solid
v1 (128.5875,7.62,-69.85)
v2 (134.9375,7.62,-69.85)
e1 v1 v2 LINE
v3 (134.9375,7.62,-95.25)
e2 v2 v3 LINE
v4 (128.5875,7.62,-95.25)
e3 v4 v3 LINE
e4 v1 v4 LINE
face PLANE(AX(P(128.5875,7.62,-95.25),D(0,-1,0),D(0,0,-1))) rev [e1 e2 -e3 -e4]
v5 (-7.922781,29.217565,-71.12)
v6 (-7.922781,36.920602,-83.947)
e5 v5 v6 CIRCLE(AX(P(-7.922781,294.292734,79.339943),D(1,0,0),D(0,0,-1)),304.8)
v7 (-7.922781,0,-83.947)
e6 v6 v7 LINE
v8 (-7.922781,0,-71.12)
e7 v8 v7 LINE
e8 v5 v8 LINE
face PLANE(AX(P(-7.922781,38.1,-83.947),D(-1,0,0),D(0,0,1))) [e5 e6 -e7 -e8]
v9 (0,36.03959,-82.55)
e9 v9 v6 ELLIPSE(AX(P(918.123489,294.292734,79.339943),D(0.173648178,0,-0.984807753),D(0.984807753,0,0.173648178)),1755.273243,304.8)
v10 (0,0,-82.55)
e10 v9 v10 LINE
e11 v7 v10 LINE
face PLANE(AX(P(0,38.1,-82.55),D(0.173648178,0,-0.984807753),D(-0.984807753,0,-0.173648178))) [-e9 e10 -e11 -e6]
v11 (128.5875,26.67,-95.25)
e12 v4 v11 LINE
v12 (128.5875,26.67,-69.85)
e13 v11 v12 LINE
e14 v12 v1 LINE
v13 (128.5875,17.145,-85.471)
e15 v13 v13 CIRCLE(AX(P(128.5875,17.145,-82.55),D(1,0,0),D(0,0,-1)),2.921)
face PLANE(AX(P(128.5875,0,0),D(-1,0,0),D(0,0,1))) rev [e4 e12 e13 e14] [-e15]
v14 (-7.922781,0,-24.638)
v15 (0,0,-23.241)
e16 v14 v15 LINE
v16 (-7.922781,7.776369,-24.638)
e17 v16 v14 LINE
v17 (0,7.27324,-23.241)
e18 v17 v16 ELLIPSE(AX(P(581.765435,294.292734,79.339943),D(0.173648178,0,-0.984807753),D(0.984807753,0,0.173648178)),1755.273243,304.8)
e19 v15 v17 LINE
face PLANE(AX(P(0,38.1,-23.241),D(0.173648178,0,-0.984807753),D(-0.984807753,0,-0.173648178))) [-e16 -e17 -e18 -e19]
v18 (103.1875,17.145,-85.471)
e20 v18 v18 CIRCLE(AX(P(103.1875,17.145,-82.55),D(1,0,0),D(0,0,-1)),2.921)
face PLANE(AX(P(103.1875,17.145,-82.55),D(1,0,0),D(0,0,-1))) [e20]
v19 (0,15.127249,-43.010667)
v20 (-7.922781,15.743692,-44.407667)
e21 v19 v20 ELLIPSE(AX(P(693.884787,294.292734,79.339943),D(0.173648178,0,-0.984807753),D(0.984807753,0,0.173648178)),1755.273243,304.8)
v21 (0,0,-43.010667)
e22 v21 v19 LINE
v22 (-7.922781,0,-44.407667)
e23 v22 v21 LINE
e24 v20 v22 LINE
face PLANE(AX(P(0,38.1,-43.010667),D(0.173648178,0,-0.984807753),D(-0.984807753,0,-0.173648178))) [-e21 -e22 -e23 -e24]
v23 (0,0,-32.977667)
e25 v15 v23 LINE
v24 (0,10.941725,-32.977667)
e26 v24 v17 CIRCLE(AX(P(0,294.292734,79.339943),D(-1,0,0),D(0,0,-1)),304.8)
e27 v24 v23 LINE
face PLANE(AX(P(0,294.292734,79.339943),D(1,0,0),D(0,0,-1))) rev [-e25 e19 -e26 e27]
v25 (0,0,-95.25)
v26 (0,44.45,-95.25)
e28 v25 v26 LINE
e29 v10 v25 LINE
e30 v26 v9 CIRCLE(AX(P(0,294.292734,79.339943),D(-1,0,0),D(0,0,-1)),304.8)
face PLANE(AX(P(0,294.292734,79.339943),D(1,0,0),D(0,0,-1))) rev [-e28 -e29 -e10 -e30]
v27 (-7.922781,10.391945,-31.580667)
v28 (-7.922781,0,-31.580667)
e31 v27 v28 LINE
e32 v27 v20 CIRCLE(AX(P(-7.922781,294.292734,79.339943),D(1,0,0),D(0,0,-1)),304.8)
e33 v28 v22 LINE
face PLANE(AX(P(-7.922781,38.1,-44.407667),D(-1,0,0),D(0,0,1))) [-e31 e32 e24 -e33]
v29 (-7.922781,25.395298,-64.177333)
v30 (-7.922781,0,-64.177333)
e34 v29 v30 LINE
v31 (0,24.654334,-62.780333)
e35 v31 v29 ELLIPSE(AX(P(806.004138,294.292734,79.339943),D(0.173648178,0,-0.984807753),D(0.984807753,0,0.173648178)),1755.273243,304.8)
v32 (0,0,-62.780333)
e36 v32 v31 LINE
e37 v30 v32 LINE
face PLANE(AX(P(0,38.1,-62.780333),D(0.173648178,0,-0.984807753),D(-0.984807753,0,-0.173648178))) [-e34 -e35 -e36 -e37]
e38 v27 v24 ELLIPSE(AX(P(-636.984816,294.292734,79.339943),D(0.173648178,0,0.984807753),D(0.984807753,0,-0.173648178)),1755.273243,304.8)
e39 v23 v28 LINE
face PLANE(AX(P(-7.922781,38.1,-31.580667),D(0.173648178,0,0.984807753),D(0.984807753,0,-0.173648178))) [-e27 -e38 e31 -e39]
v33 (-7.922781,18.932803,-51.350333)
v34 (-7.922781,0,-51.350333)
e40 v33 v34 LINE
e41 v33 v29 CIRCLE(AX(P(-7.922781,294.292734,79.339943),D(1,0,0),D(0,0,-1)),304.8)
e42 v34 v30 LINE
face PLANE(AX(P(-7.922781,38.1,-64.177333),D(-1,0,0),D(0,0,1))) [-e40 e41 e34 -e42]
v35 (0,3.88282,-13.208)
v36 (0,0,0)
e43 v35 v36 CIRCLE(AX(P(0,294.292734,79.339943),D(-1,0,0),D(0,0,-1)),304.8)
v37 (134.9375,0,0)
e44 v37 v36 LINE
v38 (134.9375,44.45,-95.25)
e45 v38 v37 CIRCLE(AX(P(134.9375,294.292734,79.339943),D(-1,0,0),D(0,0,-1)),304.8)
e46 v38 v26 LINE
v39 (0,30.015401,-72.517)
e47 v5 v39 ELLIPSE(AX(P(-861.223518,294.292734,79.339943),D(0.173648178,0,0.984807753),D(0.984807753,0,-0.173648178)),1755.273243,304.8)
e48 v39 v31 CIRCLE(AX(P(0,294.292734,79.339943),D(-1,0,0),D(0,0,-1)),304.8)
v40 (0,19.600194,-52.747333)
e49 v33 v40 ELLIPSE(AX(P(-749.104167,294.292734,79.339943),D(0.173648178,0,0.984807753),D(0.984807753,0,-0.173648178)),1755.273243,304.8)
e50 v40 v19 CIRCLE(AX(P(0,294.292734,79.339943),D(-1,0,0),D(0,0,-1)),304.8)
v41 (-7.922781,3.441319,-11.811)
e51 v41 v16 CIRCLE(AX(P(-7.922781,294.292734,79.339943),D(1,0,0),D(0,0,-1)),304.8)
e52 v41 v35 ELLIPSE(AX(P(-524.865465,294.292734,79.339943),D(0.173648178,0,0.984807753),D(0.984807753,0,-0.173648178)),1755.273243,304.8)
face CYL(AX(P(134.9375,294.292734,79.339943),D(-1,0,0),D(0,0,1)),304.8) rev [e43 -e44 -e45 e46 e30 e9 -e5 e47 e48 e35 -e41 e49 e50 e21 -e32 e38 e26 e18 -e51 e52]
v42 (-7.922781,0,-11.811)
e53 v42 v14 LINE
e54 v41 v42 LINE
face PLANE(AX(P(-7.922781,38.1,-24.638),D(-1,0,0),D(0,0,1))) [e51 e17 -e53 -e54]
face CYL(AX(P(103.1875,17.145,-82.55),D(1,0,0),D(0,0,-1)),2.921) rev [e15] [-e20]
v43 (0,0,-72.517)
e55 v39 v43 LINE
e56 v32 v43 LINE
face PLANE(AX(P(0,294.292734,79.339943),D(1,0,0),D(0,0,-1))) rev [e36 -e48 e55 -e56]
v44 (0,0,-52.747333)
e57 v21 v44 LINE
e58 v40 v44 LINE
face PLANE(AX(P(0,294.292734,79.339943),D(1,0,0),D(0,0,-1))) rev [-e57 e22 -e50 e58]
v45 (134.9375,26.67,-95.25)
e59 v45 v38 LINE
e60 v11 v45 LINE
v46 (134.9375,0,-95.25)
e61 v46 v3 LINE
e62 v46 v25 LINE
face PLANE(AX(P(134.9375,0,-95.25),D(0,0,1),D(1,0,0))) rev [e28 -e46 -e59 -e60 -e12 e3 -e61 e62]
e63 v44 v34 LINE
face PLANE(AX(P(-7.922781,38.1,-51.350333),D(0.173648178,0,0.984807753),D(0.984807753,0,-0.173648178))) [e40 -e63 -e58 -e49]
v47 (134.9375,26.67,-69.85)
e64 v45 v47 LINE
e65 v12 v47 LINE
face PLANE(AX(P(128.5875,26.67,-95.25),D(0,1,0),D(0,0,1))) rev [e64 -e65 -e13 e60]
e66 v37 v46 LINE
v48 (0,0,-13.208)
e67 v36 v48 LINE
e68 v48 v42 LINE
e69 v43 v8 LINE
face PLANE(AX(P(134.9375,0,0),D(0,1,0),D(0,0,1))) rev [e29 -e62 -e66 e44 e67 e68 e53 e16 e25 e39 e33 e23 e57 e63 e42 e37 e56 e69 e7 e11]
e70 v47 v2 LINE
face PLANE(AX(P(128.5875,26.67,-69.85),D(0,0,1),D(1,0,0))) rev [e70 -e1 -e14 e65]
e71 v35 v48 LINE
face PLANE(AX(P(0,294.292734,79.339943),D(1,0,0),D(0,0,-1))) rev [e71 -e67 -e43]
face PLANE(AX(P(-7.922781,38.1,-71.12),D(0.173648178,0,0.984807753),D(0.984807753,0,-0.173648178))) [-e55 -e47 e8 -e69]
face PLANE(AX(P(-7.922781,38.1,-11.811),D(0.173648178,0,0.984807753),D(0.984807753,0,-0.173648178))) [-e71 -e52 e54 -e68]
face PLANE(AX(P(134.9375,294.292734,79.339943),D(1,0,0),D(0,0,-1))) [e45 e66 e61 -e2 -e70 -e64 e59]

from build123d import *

# Parameters (mm, degrees)
BOSS_EXTRUDE1_DEPTH = 134.9375
SKETCH4_W           = 25.4
SKETCH4_H           = 19.05
CUT_EXTRUDE1_DEPTH  = 6.35
SKETCH6_R           = 2.921
CUT_EXTRUDE3_DEPTH  = 25.4
BOSS_EXTRUDE2_DEPTH = 38.1
CUT_EXTRUDE4_DEPTH  = 143.860280702


with BuildPart() as part:
    # Sketch3 → Boss-Extrude1 (new body)
    with BuildSketch(Plane(origin=(0, 0, 0), x_dir=(0, 0, -1), z_dir=(1, 0, 0))):
        with BuildLine():
            Line((0, 0), (95.25, 0))
            Line((95.25, 0), (95.25, 44.45))
            ThreePointArc((95.25, 44.45), (49.555547135, 18.088113282), (0, 0))
        make_face()
    extrude(amount=BOSS_EXTRUDE1_DEPTH)

    # Sketch4 → Cut-Extrude1 (cut)
    with BuildSketch(Plane(origin=(134.9375, 0, 0), x_dir=(0, 0, -1), z_dir=(1, 0, 0))):
        with Locations((82.55, 17.145)):
            Rectangle(SKETCH4_W, SKETCH4_H)
    extrude(amount=-CUT_EXTRUDE1_DEPTH, mode=Mode.SUBTRACT)

    # Sketch6 → Cut-Extrude3 (cut)
    with BuildSketch(Plane(origin=(128.5875, 0, 0), x_dir=(0, 0, -1), z_dir=(1, 0, 0))):
        with Locations((82.55, 17.145)):
            Circle(SKETCH6_R)
    extrude(amount=-CUT_EXTRUDE3_DEPTH, mode=Mode.SUBTRACT)

    # Sketch7 → Boss-Extrude2 (add)
    with BuildSketch(Plane.XZ):
        Polygon((0, -82.55), (-7.922780702, -83.947), (-7.922780702, -71.12), (0, -72.517), align=None)
        Polygon((0, -62.780333333), (-7.922780702, -64.177333333), (-7.922780702, -51.350333333), (0, -52.747333333), align=None)
        Polygon((0, -43.010666667), (-7.922780702, -44.407666667), (-7.922780702, -31.580666667), (0, -32.977666667), align=None)
        Polygon((0, -23.241), (-7.922780702, -24.638), (-7.922780702, -11.811), (0, -13.208), align=None)
    extrude(amount=-BOSS_EXTRUDE2_DEPTH)

    # Sketch8 → Cut-Extrude4 (cut, through all)
    with BuildSketch(Plane(origin=(134.9375, 0, 0), x_dir=(0, 0, -1), z_dir=(1, 0, 0))):
        with BuildLine():
            Line((95.25, 44.45), (0, 44.45))
            Line((0, 44.45), (0, 0))
            ThreePointArc((0, 0), (49.555547135, 18.088113282), (95.25, 44.45))
        make_face()
    extrude(amount=-CUT_EXTRUDE4_DEPTH, mode=Mode.SUBTRACT)


solid = part.part
